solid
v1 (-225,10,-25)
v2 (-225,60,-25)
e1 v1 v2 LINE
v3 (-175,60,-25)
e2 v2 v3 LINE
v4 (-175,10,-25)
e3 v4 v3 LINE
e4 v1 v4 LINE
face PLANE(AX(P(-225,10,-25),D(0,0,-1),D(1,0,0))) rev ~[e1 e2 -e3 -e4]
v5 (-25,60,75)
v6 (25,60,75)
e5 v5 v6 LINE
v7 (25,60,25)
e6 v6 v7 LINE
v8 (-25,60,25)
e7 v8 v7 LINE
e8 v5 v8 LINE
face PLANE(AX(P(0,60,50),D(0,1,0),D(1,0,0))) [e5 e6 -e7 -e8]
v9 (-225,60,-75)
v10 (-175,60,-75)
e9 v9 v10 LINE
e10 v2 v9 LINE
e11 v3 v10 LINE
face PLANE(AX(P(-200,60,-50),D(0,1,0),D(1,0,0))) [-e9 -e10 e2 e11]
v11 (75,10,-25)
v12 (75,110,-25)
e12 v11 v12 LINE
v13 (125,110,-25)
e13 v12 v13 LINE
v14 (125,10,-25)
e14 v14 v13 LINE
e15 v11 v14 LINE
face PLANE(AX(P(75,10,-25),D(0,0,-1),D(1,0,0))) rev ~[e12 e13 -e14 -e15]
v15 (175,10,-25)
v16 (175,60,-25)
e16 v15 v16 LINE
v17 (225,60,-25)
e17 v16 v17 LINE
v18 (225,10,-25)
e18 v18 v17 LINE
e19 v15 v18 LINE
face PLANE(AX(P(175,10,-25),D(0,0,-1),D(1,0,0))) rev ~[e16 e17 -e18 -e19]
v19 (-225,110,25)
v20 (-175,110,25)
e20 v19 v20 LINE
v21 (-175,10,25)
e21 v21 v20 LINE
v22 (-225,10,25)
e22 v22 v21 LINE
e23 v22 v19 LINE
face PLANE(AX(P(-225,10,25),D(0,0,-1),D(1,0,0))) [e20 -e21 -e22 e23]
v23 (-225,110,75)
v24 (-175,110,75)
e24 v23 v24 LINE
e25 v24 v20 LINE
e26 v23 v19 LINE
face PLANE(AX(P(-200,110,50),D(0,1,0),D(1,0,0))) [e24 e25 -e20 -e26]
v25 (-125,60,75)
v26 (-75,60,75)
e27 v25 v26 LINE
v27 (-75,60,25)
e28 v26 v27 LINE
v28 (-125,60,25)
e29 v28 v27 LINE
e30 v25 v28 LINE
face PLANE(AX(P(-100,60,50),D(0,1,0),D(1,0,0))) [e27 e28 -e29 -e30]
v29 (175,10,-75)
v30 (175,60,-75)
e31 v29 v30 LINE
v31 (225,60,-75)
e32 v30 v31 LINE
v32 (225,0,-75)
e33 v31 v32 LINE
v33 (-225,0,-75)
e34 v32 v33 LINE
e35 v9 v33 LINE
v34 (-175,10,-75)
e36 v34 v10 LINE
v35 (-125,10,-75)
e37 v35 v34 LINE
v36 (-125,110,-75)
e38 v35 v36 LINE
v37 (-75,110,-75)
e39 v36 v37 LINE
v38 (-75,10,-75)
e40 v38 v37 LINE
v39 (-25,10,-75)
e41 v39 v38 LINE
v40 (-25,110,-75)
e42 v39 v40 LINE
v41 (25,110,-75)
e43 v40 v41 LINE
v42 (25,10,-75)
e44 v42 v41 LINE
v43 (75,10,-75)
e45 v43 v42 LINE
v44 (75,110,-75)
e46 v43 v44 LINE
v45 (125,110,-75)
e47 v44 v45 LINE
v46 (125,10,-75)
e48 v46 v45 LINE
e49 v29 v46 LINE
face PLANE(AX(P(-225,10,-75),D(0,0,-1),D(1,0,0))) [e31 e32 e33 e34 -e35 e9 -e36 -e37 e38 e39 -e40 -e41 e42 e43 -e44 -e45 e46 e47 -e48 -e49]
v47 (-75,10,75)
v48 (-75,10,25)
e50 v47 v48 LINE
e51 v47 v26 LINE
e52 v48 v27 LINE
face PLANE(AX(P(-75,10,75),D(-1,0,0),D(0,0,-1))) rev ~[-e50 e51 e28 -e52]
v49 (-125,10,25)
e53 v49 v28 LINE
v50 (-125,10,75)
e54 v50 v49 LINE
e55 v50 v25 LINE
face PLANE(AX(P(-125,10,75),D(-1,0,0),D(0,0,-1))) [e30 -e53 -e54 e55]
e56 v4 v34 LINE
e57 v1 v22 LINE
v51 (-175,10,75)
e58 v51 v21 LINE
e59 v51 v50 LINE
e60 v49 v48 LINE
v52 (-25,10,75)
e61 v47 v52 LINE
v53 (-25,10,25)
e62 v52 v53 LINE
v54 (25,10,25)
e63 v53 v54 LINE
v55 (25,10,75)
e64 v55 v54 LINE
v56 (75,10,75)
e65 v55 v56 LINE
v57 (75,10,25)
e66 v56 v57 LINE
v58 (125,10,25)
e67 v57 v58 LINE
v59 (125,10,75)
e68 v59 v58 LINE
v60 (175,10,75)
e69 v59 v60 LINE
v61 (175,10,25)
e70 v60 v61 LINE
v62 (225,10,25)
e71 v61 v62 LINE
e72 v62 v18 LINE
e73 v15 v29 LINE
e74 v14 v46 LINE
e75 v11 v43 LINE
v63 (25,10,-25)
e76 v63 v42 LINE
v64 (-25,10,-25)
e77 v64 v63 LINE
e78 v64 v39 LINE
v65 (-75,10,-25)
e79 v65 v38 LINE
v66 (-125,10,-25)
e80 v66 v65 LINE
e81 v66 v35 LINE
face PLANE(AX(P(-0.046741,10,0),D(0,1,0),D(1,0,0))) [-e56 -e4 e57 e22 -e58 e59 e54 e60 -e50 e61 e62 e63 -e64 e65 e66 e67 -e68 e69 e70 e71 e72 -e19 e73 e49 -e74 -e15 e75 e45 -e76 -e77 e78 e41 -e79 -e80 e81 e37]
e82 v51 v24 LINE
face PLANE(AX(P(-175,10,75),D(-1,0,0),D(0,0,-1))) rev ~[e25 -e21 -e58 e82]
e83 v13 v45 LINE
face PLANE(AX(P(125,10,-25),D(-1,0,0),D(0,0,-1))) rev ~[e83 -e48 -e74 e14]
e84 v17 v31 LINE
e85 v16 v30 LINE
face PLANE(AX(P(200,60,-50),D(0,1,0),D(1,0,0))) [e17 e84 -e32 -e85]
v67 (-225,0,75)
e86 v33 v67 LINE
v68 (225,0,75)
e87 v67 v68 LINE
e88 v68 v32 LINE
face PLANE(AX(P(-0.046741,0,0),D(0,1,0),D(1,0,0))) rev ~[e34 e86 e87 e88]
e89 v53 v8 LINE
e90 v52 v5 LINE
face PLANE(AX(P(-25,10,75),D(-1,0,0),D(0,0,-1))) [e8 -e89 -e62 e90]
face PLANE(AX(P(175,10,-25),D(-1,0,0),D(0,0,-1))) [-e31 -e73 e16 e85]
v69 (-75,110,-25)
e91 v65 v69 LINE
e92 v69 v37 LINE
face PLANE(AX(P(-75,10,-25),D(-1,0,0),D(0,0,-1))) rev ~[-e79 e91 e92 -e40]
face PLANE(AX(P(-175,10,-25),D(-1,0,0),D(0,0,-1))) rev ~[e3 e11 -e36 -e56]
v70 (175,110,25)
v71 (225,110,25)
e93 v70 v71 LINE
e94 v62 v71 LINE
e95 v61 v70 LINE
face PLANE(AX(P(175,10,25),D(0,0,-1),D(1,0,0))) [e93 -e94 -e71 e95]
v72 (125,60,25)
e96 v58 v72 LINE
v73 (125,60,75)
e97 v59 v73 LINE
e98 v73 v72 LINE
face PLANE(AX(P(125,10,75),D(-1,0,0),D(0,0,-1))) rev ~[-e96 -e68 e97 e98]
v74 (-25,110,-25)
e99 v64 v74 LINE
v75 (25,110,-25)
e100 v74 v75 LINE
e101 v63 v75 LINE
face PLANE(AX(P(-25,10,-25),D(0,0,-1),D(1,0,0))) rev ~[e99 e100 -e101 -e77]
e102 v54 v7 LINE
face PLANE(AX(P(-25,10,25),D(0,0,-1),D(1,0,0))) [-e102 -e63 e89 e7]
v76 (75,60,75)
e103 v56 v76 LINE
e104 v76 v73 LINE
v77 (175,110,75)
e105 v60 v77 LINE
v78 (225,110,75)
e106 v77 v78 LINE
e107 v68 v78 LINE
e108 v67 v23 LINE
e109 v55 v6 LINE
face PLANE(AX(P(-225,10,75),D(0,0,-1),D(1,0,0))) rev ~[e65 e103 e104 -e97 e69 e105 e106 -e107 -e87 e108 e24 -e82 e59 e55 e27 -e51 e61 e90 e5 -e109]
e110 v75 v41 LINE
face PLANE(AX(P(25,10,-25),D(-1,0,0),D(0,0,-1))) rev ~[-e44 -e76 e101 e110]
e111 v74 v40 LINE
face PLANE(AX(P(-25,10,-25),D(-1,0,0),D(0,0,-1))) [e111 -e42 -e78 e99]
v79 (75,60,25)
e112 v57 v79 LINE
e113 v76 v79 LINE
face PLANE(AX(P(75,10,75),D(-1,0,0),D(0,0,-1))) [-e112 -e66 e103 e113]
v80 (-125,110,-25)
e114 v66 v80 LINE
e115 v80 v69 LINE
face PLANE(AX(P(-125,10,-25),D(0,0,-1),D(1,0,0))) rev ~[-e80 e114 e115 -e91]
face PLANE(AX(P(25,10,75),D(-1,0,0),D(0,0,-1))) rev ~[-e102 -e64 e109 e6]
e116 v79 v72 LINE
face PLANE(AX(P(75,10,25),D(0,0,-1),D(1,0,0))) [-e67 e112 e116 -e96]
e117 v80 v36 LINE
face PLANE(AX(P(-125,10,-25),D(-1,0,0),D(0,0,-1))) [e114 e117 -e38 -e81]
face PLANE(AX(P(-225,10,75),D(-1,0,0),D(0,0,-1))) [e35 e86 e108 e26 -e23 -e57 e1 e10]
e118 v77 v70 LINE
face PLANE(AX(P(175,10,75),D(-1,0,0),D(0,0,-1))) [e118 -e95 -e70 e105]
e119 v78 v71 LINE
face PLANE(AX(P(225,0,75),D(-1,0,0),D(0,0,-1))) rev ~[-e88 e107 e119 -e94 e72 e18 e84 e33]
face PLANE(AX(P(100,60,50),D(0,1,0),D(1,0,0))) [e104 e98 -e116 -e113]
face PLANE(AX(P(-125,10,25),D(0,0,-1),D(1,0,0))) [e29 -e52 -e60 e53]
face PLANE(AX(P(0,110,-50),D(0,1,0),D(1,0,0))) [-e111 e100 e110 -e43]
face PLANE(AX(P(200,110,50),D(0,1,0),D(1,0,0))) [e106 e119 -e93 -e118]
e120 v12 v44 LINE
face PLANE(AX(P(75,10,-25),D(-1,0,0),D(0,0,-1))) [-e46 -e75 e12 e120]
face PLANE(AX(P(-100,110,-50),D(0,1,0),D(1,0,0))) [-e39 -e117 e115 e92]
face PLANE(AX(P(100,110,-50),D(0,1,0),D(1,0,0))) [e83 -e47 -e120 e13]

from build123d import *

# Parameters (mm, degrees)
SKETCH2_W           = 50
SKETCH2_H           = 50
BOSS_EXTRUDE4_DEPTH = 10
SKETCH5_W           = 50
SKETCH5_H           = 50
BOSS_EXTRUDE5_DEPTH = 50
SKETCH6_W           = 50
SKETCH6_H           = 50
BOSS_EXTRUDE6_DEPTH = 100
SKETCH7_W           = 50
SKETCH7_H           = 50
BOSS_EXTRUDE7_DEPTH = 100
SKETCH8_W           = 50
SKETCH8_H           = 50
BOSS_EXTRUDE8_DEPTH = 50


with BuildPart() as part:
    # Sketch2 → Boss-Extrude4 (new body)
    with BuildSketch(Plane(origin=(0, 0, 0), x_dir=(1, 0, 0), z_dir=(0, 1, 0))):
        Polygon((-125, 75), (-175, 75), (-175, 25), (-225, 25), (-225, -25), (-175, -25), (-175, -75), (-125, -75), (-125, -25), (-75, -25), (-75, -75), (-25.420673077, -75), (-25.420673077, -25), (24.579326923, -25), (24.579326923, -75), (75, -75), (75, -25), (125, -25), (125, -75), (175, -75), (175, -25), (225, -25), (225, 25), (175, 25), (175, 75), (125, 75), (125, 25), (75, 25), (75, 75), (24.579326923, 75), (24.579326923, 25), (-25.420673077, 25), (-25.420673077, 75), (-75, 75), (-75, 25), (-125, 25), align=None)
        with Locations((-200, -50)):
            Rectangle(SKETCH2_W, SKETCH2_H)
        with Locations((-100, -50)):
            Rectangle(SKETCH2_W, SKETCH2_H)
        with Locations((-200, 50)):
            Rectangle(SKETCH2_W, SKETCH2_H)
        with Locations((-100, 50)):
            Rectangle(SKETCH2_W, SKETCH2_H)
        with Locations((-0.420673077, -50)):
            Rectangle(SKETCH2_W, SKETCH2_H)
        with Locations((-0.420673077, 50)):
            Rectangle(SKETCH2_W, SKETCH2_H)
        with Locations((100, 50)):
            Rectangle(SKETCH2_W, SKETCH2_H)
        with Locations((100, -50)):
            Rectangle(SKETCH2_W, SKETCH2_H)
        with Locations((200, -50)):
            Rectangle(SKETCH2_W, SKETCH2_H)
        with Locations((200, 50)):
            Rectangle(SKETCH2_W, SKETCH2_H)
    extrude(amount=BOSS_EXTRUDE4_DEPTH)

    # Sketch5 → Boss-Extrude5 (add)
    with BuildSketch(Plane(origin=(0, 10, 0), x_dir=(1, 0, 0), z_dir=(0, 1, 0))):
        with Locations((-200, 50)):
            Rectangle(SKETCH5_W, SKETCH5_H)
        with Locations((200, 50)):
            Rectangle(SKETCH5_W, SKETCH5_H)
    extrude(amount=BOSS_EXTRUDE5_DEPTH)

    # Sketch6 → Boss-Extrude6 (add)
    with BuildSketch(Plane(origin=(0, 10, 0), x_dir=(1, 0, 0), z_dir=(0, 1, 0))):
        with Locations((-200, -50)):
            Rectangle(SKETCH6_W, SKETCH6_H)
        with Locations((200, -50)):
            Rectangle(SKETCH6_W, SKETCH6_H)
    extrude(amount=BOSS_EXTRUDE6_DEPTH)

    # Sketch7 → Boss-Extrude7 (add)
    with BuildSketch(Plane(origin=(0, 10, 0), x_dir=(1, 0, 0), z_dir=(0, 1, 0))):
        with Locations((-100, 50)):
            Rectangle(SKETCH7_W, SKETCH7_H)
        with Locations((0, 50)):
            Rectangle(SKETCH7_W, SKETCH7_H)
        with Locations((100, 50)):
            Rectangle(SKETCH7_W, SKETCH7_H)
    extrude(amount=BOSS_EXTRUDE7_DEPTH)

    # Sketch8 → Boss-Extrude8 (add)
    with BuildSketch(Plane(origin=(0, 10, 0), x_dir=(1, 0, 0), z_dir=(0, 1, 0))):
        with Locations((-100, -50)):
            Rectangle(SKETCH8_W, SKETCH8_H)
        with Locations((0, -50)):
            Rectangle(SKETCH8_W, SKETCH8_H)
        with Locations((100, -50)):
            Rectangle(SKETCH8_W, SKETCH8_H)
    extrude(amount=BOSS_EXTRUDE8_DEPTH)


solid = part.part
